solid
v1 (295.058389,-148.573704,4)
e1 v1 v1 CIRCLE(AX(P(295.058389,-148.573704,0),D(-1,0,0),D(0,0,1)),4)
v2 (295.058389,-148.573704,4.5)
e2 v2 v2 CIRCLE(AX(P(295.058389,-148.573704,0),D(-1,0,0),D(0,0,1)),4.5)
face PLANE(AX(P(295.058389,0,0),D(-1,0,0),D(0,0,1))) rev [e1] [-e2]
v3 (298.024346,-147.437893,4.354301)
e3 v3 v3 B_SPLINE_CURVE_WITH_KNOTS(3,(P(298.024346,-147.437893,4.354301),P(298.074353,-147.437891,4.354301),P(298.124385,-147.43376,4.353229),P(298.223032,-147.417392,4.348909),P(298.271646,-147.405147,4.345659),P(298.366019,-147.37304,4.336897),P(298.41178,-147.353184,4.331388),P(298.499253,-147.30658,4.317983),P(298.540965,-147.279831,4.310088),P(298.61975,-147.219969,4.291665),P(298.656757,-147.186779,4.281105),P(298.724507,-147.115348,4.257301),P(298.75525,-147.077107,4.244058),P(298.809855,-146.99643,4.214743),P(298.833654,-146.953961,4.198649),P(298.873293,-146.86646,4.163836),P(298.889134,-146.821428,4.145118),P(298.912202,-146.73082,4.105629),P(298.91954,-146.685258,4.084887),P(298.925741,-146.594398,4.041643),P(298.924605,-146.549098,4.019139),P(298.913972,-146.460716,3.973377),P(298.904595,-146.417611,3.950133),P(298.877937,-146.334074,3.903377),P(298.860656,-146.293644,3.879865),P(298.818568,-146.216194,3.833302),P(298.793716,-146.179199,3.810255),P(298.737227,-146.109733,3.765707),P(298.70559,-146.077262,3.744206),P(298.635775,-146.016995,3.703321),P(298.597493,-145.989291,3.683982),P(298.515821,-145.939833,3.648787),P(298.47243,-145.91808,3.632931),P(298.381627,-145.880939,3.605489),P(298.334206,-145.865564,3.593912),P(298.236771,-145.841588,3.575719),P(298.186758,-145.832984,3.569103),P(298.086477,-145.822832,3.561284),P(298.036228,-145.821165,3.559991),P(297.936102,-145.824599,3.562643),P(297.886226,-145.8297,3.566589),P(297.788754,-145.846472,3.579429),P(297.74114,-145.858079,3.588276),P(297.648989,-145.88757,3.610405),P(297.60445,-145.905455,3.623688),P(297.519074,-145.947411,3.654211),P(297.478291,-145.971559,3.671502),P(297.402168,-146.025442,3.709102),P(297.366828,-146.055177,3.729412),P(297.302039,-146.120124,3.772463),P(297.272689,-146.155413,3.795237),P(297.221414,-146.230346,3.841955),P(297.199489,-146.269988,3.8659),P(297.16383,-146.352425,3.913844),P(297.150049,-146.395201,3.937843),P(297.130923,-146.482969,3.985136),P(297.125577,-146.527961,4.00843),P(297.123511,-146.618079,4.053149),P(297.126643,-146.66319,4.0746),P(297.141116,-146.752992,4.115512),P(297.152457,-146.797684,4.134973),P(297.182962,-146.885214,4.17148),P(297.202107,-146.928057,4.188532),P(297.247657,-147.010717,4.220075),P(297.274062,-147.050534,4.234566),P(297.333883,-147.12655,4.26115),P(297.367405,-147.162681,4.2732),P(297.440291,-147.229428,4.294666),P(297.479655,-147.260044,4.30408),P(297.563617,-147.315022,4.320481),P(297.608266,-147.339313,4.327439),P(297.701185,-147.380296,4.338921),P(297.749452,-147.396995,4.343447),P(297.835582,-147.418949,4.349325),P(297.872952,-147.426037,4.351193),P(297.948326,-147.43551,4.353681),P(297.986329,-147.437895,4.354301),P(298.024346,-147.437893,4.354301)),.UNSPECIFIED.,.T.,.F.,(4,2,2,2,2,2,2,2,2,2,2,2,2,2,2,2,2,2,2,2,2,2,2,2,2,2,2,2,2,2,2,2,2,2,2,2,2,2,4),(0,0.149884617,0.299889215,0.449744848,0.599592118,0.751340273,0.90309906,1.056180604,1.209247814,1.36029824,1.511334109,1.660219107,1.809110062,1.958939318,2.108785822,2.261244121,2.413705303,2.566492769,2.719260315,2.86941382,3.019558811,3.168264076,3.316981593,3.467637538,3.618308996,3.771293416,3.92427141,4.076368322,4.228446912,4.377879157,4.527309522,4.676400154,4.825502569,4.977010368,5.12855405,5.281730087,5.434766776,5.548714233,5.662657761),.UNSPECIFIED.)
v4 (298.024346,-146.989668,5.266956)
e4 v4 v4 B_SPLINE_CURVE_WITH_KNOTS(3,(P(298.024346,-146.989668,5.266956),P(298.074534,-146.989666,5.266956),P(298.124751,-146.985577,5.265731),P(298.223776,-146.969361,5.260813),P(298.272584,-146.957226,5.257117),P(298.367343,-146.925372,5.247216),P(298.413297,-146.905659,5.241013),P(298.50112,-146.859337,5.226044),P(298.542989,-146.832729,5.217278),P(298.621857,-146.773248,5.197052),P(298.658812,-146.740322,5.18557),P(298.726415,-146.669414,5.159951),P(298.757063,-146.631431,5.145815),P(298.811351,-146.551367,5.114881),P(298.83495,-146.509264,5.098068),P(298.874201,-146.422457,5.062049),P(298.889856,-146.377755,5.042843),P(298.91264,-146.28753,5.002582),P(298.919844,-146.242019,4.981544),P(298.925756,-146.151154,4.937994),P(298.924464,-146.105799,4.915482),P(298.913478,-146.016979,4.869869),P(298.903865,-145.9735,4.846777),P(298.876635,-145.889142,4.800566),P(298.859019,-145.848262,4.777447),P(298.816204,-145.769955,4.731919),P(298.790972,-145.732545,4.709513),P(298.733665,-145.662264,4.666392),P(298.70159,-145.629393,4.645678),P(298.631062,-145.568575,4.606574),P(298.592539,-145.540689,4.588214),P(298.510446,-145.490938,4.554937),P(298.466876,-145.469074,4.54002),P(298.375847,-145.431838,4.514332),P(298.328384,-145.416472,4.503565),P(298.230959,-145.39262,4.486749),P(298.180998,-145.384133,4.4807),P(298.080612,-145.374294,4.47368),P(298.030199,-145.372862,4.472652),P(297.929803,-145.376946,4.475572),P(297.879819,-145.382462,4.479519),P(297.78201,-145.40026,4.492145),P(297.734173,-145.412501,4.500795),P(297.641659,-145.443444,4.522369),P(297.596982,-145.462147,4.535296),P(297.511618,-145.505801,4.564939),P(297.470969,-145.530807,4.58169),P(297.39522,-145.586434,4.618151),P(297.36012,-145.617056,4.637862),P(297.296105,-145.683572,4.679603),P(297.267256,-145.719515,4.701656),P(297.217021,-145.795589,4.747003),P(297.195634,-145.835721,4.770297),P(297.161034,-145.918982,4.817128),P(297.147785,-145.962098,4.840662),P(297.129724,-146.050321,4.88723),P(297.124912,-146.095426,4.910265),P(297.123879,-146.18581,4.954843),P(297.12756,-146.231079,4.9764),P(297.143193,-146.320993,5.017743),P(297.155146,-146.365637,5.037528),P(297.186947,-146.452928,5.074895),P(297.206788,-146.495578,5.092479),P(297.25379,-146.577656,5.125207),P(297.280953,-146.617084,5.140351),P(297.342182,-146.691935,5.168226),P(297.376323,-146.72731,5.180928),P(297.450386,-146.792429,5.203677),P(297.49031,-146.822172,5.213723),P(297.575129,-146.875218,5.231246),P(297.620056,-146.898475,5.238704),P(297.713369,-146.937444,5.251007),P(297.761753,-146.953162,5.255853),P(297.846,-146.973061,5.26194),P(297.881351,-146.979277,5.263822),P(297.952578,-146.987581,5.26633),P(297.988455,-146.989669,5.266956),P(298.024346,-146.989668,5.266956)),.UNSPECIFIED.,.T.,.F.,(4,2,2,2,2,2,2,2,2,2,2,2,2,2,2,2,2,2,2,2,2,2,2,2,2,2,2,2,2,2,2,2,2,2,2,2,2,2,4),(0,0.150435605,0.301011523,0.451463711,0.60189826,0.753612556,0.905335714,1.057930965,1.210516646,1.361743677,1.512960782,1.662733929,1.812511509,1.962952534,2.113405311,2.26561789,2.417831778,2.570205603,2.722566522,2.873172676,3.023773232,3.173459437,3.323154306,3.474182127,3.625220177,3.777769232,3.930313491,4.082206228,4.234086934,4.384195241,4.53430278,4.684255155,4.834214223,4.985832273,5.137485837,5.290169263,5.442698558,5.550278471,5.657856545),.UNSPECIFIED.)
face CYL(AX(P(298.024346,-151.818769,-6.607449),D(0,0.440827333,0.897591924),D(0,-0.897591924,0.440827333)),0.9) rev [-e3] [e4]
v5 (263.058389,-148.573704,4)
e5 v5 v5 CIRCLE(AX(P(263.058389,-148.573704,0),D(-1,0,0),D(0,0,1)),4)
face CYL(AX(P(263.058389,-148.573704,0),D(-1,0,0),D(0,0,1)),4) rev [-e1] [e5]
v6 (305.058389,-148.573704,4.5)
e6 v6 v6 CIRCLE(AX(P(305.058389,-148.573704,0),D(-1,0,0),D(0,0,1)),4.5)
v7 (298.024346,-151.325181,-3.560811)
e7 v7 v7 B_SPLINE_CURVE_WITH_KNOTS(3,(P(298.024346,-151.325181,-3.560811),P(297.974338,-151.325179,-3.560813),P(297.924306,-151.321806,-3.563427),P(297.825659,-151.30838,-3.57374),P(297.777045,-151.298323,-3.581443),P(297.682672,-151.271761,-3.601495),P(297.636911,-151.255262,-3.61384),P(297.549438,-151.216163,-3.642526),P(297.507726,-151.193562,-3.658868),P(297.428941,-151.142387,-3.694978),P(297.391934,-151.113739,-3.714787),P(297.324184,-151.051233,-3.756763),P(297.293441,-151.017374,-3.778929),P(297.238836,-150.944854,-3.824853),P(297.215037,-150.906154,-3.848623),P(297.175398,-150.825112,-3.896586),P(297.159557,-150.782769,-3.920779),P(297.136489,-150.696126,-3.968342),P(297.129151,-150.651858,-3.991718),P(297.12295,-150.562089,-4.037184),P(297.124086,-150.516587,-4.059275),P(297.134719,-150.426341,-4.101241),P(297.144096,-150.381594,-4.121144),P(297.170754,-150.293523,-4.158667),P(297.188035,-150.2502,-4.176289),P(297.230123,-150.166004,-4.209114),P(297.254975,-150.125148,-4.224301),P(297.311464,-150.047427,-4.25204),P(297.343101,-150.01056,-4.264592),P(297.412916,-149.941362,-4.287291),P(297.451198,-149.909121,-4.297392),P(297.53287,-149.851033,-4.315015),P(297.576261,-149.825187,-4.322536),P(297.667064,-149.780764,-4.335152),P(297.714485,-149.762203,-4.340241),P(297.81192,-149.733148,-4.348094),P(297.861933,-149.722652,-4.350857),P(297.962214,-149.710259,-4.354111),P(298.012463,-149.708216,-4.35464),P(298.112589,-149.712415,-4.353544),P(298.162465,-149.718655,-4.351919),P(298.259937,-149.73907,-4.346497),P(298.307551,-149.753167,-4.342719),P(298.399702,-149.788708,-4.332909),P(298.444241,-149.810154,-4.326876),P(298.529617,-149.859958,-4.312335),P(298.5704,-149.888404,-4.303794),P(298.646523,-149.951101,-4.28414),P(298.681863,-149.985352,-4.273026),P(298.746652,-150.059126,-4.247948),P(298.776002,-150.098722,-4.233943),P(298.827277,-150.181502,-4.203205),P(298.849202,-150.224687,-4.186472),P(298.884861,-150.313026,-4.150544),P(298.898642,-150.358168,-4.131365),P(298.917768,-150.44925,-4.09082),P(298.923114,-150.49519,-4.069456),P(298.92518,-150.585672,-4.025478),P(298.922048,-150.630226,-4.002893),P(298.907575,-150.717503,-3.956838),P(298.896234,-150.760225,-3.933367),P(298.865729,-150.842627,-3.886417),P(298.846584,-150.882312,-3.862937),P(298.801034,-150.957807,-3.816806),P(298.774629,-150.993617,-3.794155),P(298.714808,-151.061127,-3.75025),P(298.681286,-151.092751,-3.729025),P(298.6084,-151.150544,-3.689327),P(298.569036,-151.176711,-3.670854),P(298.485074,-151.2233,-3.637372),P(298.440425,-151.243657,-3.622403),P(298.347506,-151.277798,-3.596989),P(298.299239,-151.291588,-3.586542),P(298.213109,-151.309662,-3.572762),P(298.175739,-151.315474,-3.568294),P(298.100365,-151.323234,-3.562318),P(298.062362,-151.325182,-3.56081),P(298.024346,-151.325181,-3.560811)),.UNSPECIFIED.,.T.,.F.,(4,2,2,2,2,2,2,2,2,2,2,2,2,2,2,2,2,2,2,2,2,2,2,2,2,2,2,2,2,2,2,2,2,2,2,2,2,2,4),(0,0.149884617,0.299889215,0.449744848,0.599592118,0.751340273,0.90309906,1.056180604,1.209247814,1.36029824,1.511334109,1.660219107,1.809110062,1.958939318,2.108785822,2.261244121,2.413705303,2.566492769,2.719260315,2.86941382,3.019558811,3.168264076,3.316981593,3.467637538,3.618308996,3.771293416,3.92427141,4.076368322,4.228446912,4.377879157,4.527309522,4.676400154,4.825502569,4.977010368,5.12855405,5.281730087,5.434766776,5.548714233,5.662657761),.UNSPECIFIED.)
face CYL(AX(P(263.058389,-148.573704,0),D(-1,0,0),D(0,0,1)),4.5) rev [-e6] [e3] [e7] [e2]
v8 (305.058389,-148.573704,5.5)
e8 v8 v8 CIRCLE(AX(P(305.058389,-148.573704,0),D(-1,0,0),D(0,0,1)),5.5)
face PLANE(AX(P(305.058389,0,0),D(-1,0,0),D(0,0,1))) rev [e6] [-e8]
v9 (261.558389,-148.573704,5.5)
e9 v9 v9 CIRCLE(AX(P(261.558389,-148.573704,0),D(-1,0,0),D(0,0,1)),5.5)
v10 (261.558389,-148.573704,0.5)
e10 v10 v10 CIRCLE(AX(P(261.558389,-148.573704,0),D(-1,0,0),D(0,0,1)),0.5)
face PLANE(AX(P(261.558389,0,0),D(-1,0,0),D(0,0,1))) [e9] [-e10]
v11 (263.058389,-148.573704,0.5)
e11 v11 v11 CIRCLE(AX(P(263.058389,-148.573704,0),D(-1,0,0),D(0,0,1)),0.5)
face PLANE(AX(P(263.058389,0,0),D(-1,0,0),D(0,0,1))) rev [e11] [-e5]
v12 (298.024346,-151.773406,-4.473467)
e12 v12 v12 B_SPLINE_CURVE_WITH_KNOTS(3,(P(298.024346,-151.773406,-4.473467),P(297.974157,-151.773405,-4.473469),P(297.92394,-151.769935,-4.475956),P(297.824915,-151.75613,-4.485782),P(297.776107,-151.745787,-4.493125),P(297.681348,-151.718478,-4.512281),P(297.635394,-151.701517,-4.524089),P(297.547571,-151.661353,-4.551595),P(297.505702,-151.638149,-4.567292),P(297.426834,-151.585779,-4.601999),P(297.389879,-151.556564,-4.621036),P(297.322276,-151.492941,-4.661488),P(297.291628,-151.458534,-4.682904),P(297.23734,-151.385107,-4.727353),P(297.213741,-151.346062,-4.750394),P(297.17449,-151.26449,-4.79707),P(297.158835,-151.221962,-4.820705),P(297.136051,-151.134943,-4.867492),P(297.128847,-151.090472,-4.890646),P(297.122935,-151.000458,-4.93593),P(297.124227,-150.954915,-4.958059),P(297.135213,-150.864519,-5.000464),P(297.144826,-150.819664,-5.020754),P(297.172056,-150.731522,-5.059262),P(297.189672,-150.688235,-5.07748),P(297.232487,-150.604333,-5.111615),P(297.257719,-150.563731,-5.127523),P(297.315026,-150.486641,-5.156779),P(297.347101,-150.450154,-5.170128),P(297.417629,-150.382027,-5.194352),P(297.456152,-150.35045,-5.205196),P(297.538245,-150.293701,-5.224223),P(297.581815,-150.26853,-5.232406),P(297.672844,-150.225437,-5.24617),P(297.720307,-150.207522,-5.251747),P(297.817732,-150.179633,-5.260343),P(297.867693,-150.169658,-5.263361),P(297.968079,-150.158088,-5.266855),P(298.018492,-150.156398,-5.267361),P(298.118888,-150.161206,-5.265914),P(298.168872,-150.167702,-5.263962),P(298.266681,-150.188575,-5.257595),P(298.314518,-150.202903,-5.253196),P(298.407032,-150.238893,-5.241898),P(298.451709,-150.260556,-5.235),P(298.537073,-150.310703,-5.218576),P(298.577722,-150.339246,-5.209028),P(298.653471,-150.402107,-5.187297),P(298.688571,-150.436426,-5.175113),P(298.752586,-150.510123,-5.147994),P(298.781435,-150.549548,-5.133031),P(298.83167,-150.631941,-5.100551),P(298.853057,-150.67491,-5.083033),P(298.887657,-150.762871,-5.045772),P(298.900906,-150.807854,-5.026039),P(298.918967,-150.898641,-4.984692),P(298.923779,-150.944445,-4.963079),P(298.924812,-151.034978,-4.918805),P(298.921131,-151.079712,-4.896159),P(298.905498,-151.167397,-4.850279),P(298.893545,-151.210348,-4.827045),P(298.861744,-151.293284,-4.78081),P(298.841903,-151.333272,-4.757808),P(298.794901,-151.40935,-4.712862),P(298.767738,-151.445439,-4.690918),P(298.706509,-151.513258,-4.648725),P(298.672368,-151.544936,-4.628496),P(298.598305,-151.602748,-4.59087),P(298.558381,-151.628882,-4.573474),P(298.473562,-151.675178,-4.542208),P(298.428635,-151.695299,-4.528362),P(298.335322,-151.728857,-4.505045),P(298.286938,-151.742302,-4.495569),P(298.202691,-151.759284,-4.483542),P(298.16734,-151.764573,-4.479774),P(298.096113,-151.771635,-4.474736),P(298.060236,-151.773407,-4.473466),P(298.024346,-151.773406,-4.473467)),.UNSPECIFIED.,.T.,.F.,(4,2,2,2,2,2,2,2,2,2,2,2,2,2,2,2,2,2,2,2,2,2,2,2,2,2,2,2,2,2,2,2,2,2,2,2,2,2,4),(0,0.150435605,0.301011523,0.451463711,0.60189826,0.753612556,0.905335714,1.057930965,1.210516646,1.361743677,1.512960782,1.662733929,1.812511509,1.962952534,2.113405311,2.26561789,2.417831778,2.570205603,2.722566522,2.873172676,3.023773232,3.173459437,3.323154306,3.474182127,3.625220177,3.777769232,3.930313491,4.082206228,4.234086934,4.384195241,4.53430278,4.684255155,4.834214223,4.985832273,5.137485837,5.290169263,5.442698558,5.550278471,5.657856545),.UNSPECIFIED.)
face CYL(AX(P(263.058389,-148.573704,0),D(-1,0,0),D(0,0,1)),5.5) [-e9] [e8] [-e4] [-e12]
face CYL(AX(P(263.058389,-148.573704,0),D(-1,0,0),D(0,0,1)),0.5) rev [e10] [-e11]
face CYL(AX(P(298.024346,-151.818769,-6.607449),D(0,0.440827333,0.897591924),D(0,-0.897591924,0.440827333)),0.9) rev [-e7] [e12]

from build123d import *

# Parameters (mm, degrees)
SKETCH4_R          = 0.9
CUT_EXTRUDE1_DEPTH = 336.963729195


with BuildPart() as part:
    # Sketch3 → Revolve19 (revolve)
    with BuildSketch(Plane.XY):
        Polygon((295.058388758, -144.573704322), (295.058388758, -144.073704322), (305.058388758, -144.073704322), (305.058388758, -143.073704322), (261.558388758, -143.073704322), (261.558388758, -144.323704322), (261.558388758, -148.073704322), (263.058388758, -148.073704322), (263.058388758, -144.573704322), align=None)
    revolve(axis=Axis((263.058388758, -148.573704322, 0), (1, 0, 0)))

    # Sketch4 → Cut-Extrude1 (cut, through all)
    with BuildSketch(Plane(origin=(0, -26.447590039, -53.851341485), x_dir=(1, 0, 0), z_dir=(0, 0.4408273328513724, 0.8975919243237127))):
        with Locations((298.024345503, -133.358557166)):
            Circle(SKETCH4_R)
    extrude(amount=-CUT_EXTRUDE1_DEPTH, mode=Mode.SUBTRACT)


solid = part.part
